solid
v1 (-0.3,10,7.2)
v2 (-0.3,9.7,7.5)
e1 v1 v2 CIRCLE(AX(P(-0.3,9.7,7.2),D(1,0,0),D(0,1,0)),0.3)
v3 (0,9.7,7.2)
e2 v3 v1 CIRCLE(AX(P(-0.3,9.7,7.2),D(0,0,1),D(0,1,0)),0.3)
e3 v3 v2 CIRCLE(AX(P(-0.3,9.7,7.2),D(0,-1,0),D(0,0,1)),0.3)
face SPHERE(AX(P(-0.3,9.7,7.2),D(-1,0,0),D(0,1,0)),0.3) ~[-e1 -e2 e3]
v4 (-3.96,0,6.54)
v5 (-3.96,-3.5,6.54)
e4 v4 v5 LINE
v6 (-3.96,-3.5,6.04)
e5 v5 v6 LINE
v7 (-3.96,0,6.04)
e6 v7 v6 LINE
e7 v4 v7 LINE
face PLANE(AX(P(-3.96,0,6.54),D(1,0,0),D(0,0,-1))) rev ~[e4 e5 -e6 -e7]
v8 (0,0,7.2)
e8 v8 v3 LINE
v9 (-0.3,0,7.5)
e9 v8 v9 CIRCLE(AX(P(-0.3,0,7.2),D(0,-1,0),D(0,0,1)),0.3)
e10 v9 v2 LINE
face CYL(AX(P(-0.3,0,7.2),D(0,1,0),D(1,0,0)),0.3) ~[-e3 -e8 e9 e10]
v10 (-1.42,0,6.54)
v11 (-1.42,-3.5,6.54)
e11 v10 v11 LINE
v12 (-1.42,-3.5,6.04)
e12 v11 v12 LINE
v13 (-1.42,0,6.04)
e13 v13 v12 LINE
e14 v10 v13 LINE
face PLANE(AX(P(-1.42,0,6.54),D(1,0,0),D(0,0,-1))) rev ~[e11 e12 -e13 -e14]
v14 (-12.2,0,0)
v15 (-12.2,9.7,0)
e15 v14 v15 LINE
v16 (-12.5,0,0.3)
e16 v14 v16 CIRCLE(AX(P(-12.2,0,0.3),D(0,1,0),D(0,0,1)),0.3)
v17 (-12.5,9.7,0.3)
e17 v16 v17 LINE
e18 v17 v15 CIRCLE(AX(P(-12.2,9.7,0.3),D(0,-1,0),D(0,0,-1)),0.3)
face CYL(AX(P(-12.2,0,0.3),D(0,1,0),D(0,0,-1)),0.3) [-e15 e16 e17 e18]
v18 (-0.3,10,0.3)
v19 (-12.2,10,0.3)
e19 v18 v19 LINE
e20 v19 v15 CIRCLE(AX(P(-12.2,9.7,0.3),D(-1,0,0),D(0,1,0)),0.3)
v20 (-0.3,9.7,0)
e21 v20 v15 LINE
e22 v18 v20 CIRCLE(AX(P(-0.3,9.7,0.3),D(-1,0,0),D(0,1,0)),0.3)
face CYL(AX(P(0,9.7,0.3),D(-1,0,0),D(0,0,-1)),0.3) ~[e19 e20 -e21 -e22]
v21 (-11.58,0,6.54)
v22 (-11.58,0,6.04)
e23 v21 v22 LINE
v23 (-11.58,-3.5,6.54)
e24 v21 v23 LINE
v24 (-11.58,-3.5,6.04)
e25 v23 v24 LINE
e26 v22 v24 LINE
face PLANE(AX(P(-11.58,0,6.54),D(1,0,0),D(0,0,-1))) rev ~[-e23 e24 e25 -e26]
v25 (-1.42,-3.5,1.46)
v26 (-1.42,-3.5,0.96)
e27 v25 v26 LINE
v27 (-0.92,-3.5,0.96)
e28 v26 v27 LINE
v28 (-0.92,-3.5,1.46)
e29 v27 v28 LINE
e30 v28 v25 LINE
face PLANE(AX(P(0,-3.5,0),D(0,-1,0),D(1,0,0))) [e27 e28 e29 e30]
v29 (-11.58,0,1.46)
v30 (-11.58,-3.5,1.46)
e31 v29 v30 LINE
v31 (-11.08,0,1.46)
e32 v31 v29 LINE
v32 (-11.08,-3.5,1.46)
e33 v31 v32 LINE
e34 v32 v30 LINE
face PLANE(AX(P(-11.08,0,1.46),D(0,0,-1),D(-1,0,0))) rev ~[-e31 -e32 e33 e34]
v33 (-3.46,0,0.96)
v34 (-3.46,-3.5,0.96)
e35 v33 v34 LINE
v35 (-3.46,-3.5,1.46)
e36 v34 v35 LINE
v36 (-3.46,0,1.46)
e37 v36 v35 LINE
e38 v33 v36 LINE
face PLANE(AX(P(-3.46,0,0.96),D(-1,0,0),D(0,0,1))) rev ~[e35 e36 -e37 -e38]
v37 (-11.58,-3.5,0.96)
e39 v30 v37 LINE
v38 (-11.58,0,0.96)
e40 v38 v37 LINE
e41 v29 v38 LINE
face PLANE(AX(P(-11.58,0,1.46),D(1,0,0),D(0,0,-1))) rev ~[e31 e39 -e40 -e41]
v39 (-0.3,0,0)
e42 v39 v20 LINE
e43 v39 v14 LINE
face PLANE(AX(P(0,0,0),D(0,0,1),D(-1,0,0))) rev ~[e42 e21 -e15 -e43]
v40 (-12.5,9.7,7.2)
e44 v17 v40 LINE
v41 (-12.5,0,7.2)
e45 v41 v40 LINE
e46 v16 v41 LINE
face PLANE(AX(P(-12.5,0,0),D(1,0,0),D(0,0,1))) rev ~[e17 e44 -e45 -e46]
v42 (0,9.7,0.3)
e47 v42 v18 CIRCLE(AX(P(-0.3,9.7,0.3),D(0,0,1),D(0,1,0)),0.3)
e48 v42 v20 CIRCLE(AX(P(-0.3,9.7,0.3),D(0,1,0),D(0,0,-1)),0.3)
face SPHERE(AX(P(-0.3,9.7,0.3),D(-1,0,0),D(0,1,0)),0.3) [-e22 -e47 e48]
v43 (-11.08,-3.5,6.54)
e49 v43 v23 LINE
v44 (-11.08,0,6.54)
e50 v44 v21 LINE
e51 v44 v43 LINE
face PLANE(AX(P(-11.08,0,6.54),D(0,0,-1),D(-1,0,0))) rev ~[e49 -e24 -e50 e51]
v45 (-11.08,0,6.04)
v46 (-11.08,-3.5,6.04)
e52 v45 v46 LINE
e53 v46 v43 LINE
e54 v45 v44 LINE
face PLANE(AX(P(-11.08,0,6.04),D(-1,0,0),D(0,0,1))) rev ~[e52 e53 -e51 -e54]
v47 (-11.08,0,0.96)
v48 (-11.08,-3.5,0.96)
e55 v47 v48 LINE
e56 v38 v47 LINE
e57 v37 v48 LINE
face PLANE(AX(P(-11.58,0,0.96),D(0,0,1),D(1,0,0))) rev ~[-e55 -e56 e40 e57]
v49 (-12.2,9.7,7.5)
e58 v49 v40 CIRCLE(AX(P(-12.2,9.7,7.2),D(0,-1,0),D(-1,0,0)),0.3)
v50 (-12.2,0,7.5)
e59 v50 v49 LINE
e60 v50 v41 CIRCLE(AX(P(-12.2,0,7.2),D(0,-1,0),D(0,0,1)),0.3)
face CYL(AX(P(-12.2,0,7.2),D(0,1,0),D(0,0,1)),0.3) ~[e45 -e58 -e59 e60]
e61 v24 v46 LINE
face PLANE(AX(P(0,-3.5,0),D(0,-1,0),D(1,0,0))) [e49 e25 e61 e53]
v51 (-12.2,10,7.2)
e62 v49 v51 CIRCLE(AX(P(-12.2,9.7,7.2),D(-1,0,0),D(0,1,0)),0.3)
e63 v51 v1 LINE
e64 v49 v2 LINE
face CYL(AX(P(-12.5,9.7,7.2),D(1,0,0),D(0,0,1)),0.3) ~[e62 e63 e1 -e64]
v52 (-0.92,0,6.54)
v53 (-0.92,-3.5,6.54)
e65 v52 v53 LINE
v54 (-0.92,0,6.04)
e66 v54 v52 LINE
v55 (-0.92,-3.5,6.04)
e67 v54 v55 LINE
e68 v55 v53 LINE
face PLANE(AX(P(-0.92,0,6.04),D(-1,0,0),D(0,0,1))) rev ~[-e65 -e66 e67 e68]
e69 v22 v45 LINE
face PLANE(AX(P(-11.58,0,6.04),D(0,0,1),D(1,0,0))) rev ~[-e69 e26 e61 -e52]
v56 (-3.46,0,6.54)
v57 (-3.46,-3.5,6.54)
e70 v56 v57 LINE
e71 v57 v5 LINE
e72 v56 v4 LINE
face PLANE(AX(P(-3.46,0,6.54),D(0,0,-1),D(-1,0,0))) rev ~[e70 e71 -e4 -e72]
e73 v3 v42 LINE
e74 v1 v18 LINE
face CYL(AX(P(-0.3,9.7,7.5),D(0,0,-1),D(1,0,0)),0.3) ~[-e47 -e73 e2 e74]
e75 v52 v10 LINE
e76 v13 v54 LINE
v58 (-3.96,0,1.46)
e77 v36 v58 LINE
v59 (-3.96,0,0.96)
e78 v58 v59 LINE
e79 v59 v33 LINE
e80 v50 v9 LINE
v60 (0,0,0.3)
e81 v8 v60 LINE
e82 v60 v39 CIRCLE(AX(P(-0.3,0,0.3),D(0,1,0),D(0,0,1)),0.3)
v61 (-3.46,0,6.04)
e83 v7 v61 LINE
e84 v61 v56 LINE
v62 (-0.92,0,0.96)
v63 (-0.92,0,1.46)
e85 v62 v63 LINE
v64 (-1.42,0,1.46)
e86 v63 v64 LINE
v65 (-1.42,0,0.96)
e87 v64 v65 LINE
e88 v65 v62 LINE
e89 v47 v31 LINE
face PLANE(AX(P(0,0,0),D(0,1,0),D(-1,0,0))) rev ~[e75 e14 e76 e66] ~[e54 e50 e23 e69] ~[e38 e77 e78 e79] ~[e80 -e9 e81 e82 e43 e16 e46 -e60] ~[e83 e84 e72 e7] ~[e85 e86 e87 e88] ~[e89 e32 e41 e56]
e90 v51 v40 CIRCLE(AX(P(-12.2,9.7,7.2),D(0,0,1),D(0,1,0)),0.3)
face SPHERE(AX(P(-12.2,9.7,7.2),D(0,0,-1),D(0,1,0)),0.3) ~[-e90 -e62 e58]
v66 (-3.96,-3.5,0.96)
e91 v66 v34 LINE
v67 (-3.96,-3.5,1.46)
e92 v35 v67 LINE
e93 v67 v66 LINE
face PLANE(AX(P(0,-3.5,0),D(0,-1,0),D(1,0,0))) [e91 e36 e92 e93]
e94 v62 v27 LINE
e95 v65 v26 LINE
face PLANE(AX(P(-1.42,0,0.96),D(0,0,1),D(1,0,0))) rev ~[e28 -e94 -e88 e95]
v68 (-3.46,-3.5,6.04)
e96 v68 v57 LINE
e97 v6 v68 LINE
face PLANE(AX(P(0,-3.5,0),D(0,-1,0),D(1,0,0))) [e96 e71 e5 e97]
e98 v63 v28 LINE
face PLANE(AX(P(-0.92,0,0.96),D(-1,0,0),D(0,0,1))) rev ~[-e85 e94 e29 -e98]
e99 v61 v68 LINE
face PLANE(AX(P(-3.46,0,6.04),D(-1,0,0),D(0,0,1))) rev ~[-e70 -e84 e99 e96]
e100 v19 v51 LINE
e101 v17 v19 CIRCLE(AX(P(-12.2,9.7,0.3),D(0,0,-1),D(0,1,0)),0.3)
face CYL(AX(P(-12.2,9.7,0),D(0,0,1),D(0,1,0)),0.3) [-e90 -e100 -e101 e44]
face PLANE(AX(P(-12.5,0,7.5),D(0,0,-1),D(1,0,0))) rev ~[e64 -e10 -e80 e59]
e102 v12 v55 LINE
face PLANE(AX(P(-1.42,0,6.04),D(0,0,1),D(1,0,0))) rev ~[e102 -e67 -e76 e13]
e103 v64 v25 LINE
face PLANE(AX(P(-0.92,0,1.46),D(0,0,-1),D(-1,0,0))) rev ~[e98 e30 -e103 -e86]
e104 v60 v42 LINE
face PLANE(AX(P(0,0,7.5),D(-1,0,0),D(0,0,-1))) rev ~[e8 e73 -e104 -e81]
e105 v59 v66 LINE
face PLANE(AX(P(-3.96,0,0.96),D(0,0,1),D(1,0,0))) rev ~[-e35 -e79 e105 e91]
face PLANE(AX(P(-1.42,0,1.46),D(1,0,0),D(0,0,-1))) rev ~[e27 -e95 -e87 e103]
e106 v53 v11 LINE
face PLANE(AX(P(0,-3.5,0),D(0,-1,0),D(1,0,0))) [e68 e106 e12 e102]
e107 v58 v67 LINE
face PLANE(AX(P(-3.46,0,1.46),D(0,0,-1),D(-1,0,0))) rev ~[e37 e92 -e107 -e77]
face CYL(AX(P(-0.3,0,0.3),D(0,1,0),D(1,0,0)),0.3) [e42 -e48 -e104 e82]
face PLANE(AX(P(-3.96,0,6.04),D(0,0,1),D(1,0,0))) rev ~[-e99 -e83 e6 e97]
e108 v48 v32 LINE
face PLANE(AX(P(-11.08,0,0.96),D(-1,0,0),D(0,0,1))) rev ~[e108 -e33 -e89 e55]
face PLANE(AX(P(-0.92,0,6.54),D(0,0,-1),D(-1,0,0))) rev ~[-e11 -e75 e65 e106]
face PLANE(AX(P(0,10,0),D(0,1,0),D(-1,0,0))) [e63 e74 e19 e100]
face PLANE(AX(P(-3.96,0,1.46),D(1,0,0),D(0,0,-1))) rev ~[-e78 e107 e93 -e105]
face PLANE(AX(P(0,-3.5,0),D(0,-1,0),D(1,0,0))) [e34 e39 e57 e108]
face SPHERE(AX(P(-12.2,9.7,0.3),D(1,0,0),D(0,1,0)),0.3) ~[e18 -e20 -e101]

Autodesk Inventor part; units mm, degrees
ref_plane "YZ Plane" through (0, 0, 0) normal (1, 0, 0) x (0, 1, 0)
ref_plane "XZ Plane" through (0, 0, 0) normal (0, 1, 0) x (-1, 0, 0)
ref_plane "XY Plane" through (0, 0, 0) normal (0, 0, 1) x (1, 0, 0)
sketch "Эскиз1" plane through (0, 0, 0) normal (0, 1, 0) x (-1, 0, 0)
  line L0 (0, 0) -> (12.5, 0)
  line L1 (12.5, 0) -> (12.5, 7.5)
  line L2 (12.5, 7.5) -> (0, 7.5)
  line L3 (0, 7.5) -> (0, 0)
  dimension "d0" = 12.5
  dimension "d1" = 7.5
extrude "Выдавливание1" add sketch "Эскиз1" along normal blind 10
sketch "Эскиз2" plane through (0, 0, 0) normal (0, -1, 0) x (1, 0, 0)
  line L0 (-1.42, 0.96) -> (-0.92, 0.96)
  line L1 (-0.92, 0.96) -> (-0.92, 1.46)
  line L2 (-0.92, 1.46) -> (-1.42, 1.46)
  line L3 (-1.42, 1.46) -> (-1.42, 0.96)
  line L4 (0, 0) -> (-12.5, 0) projected
  line L5 (0, 7.5) -> (0, 0) projected
  line L6 (-3.96, 0.96) -> (-3.46, 0.96)
  line L7 (-3.46, 0.96) -> (-3.46, 1.46)
  line L8 (-3.46, 1.46) -> (-3.96, 1.46)
  line L9 (-3.96, 1.46) -> (-3.96, 0.96)
  line L10 (-1.42, 6.04) -> (-0.92, 6.04)
  line L11 (-0.92, 6.04) -> (-0.92, 6.54)
  line L12 (-0.92, 6.54) -> (-1.42, 6.54)
  line L13 (-1.42, 6.54) -> (-1.42, 6.04)
  line L14 (-3.96, 6.04) -> (-3.46, 6.04)
  line L15 (-3.46, 6.04) -> (-3.46, 6.54)
  line L16 (-3.46, 6.54) -> (-3.96, 6.54)
  line L17 (-3.96, 6.54) -> (-3.96, 6.04)
  line L18 (-11.58, 6.04) -> (-11.08, 6.04)
  line L19 (-11.08, 6.54) -> (-11.58, 6.54)
  line L20 (-11.58, 6.54) -> (-11.58, 6.04)
  line L21 (-11.08, 6.04) -> (-11.08, 6.54)
  line L22 (-11.08, 1.46) -> (-11.58, 1.46)
  line L23 (-11.08, 0.96) -> (-11.08, 1.46)
  line L24 (-11.58, 1.46) -> (-11.58, 0.96)
  line L25 (-11.58, 0.96) -> (-11.08, 0.96)
  dimension "d4" = 0.5
  dimension "d5" = 0.5
  dimension "d7" = 0.96
  dimension "d8" = 0.92
  dimension "d11" = 2.54
  dimension "d14" = 5.08
  dimension "d19" = 7.62
extrude "Выдавливание2" add sketch "Эскиз2" along normal blind 3.5
fillet "Сопряжение1" radius 0.3 8 edges at (-6.25, 10, 0) (-12.5, 10, 3.75) (-6.25, 10, 7.5) (0, 10, 3.75) (0, 5, 7.5) (0, 5, 0) (-12.5, 5, 0) (-12.5, 5, 7.5)
properties part number "NRP03K"
